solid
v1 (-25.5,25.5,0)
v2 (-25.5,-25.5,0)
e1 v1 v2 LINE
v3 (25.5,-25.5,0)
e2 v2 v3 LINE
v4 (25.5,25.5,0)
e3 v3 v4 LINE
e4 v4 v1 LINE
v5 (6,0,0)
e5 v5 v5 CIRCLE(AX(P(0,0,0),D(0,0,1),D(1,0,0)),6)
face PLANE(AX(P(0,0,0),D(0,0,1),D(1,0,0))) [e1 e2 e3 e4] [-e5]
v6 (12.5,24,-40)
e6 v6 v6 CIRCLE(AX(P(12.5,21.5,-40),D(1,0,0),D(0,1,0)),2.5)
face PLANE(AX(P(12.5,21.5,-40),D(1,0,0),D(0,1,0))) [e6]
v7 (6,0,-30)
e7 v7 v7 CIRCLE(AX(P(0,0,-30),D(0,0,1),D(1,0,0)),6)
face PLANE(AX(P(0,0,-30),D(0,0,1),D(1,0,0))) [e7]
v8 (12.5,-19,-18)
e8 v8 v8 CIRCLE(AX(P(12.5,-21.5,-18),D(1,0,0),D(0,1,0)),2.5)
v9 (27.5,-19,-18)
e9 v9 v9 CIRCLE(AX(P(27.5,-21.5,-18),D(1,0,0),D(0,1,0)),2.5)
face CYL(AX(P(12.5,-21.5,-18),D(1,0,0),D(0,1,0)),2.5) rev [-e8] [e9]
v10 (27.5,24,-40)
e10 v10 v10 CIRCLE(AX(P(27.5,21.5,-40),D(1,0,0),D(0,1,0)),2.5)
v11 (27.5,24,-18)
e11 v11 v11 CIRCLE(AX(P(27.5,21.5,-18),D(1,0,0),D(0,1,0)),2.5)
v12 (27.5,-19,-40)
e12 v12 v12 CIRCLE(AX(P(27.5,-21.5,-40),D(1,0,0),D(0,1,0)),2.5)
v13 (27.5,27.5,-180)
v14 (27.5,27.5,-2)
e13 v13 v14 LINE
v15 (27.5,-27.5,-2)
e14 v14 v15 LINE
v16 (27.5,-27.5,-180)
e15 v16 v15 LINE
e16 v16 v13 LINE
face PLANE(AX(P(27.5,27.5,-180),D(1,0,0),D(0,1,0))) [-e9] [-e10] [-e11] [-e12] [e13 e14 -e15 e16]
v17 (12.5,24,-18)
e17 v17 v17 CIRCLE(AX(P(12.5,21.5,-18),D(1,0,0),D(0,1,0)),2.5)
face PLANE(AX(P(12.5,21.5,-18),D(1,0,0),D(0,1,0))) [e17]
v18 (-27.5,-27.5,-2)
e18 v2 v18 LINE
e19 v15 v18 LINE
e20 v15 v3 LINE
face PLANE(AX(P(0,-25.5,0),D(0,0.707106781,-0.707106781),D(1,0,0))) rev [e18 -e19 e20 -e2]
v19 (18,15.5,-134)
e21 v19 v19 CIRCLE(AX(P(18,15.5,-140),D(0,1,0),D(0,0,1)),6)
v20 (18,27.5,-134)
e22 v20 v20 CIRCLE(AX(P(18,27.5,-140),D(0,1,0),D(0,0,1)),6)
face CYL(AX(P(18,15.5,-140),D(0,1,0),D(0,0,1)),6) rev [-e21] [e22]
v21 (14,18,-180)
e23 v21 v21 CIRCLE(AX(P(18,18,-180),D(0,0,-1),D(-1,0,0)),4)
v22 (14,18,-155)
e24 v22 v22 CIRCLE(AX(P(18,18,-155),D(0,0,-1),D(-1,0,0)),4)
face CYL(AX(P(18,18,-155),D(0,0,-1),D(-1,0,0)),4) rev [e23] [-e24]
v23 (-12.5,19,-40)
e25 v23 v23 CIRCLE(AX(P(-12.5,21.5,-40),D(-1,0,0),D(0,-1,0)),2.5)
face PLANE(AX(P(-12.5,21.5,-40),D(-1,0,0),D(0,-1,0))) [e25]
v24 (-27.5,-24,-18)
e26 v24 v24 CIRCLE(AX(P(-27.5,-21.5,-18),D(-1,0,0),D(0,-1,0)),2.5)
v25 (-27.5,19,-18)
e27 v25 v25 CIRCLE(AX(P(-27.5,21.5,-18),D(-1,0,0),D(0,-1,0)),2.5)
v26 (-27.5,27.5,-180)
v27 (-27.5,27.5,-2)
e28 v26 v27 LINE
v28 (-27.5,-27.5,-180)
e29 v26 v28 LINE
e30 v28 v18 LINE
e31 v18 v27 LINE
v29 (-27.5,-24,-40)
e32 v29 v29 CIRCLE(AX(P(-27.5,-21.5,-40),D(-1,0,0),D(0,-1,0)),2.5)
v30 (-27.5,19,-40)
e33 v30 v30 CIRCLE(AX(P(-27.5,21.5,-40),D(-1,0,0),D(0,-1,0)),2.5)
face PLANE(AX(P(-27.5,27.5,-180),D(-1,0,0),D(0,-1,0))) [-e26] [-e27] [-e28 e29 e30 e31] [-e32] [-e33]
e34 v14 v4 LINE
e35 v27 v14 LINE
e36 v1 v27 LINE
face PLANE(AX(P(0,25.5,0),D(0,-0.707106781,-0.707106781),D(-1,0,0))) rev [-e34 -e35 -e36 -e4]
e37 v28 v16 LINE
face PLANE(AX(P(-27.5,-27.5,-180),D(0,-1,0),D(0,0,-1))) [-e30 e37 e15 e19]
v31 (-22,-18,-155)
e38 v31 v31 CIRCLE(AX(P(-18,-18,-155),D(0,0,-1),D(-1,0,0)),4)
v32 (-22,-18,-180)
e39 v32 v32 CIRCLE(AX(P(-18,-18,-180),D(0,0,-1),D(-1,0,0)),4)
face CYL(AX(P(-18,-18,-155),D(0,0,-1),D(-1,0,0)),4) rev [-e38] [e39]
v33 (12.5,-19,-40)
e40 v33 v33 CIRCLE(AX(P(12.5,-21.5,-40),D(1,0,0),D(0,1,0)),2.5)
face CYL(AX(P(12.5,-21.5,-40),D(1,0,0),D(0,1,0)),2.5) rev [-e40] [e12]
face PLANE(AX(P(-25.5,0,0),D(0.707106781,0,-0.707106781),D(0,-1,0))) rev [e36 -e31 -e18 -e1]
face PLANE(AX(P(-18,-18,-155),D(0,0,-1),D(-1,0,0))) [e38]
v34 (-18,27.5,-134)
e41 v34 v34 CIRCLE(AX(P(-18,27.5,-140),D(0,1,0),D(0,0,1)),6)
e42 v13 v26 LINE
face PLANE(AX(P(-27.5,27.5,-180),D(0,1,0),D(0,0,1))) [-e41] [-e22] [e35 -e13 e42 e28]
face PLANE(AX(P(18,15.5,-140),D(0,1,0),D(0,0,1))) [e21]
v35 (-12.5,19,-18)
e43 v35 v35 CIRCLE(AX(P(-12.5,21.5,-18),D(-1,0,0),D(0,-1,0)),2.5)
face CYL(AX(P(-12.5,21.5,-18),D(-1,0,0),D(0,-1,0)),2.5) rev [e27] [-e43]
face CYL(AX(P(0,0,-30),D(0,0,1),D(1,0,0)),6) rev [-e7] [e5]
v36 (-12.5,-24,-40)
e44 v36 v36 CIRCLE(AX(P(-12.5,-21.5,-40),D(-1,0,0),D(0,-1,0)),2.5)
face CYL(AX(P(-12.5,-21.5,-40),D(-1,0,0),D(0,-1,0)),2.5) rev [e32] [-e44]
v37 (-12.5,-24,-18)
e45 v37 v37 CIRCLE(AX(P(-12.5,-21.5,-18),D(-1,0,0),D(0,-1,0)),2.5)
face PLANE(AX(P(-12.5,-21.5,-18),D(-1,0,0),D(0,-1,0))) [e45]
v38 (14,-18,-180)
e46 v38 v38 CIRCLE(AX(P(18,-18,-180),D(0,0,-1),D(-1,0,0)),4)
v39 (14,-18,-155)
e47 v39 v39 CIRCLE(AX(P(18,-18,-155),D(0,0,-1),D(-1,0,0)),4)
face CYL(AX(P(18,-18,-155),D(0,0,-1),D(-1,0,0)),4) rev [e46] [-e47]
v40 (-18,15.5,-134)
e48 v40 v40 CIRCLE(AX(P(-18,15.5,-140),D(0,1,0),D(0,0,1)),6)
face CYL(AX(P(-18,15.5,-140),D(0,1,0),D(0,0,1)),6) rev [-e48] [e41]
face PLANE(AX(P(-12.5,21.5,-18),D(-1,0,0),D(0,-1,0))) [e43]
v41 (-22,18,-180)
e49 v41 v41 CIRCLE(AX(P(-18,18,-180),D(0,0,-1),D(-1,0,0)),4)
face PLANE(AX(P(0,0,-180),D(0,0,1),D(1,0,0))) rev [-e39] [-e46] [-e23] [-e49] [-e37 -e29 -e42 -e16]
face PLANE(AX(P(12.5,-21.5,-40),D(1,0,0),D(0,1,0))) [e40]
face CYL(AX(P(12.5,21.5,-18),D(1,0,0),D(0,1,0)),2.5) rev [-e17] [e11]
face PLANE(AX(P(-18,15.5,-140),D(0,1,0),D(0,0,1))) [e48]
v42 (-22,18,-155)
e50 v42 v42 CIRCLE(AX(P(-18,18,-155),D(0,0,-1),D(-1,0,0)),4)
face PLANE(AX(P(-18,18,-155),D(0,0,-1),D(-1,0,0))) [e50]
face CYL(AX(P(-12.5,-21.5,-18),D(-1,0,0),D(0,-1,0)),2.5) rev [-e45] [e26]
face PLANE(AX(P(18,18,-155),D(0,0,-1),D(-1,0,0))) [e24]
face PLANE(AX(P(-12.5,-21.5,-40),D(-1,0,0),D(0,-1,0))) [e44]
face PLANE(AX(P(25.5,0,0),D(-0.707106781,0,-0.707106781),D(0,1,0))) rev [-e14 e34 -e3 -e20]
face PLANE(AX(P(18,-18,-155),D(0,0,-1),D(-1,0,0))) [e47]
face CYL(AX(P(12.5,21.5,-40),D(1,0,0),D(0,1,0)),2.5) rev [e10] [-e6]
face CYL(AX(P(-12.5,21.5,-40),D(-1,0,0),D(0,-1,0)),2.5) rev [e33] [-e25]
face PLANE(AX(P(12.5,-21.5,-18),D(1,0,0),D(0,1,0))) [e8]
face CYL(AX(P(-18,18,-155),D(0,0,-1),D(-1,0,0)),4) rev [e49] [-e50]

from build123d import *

# Parameters (mm, degrees)
CROQUIS1_W              = 55
CROQUIS1_H              = 55
SALIENTE_EXTRUIR1_DEPTH = 180
CROQUIS2_R              = 6
CORTAR_EXTRUIR1_DEPTH   = 30
CROQUIS3_R              = 4
CORTAR_EXTRUIR2_DEPTH   = 25
CROQUIS4_R              = 2.5
CORTAR_EXTRUIR3_DEPTH   = 15
CORTAR_EXTRUIR4_START   = -15
CROQUIS5_R              = 2.5
CORTAR_EXTRUIR4_DEPTH   = 15
CROQUIS6_R              = 6
CORTAR_EXTRUIR5_DEPTH   = 12
CHAFL_N1_SIZE           = 2


with BuildPart() as part:
    # Croquis1 → Saliente-Extruir1 (new body)
    with BuildSketch(Plane.XY):
        Rectangle(CROQUIS1_W, CROQUIS1_H)
    extrude(amount=-SALIENTE_EXTRUIR1_DEPTH)

    # Croquis2 → Cortar-Extruir1 (cut)
    with BuildSketch(Plane.XY):
        Circle(CROQUIS2_R)
    extrude(amount=-CORTAR_EXTRUIR1_DEPTH, mode=Mode.SUBTRACT)

    # Croquis3 → Cortar-Extruir2 (cut)
    with BuildSketch(Plane(origin=(0, 0, -180), x_dir=(-1, 0, 0), z_dir=(0, 0, -1))):
        with Locations((18, 18)):
            Circle(CROQUIS3_R)
        with Locations((-18, 18)):
            Circle(CROQUIS3_R)
        with Locations((-18, -18)):
            Circle(CROQUIS3_R)
        with Locations((18, -18)):
            Circle(CROQUIS3_R)
    extrude(amount=-CORTAR_EXTRUIR2_DEPTH, mode=Mode.SUBTRACT)

    # Croquis4 → Cortar-Extruir3 (cut)
    with BuildSketch(Plane(origin=(27.5, 0, 0), x_dir=(0, 0, -1), z_dir=(1, 0, 0))):
        with Locations(Location((18, 21.5, 0), (0, 0, 90))):
            Circle(CROQUIS4_R)
        with Locations(Location((40, 21.5, 0), (0, 0, 90))):
            Circle(CROQUIS4_R)
        with Locations(Location((40, -21.5, 0), (0, 0, 90))):
            Circle(CROQUIS4_R)
        with Locations(Location((18, -21.5, 0), (0, 0, 90))):
            Circle(CROQUIS4_R)
    extrude(amount=-CORTAR_EXTRUIR3_DEPTH, mode=Mode.SUBTRACT)

    # Croquis5 → Cortar-Extruir4 (cut)
    with BuildSketch(Plane.ZY.offset(27.5).offset(CORTAR_EXTRUIR4_START)):
        with Locations(Location((-18, 21.5, 0), (0, 0, 90))):
            Circle(CROQUIS5_R)
        with Locations(Location((-40, 21.5, 0), (0, 0, 90))):
            Circle(CROQUIS5_R)
        with Locations(Location((-40, -21.5, 0), (0, 0, 90))):
            Circle(CROQUIS5_R)
        with Locations(Location((-18, -21.5, 0), (0, 0, 90))):
            Circle(CROQUIS5_R)
    extrude(amount=CORTAR_EXTRUIR4_DEPTH, mode=Mode.SUBTRACT)

    # Croquis6 → Cortar-Extruir5 (cut)
    with BuildSketch(Plane(origin=(0, 27.5, 0), x_dir=(1, 0, 0), z_dir=(0, 1, 0))):
        with Locations(Location((-18, 140, 0), (0, 0, 270))):
            Circle(CROQUIS6_R)
        with Locations(Location((18, 140, 0), (0, 0, 270))):
            Circle(CROQUIS6_R)
    extrude(amount=-CORTAR_EXTRUIR5_DEPTH, mode=Mode.SUBTRACT)

    # Chaflán1
    chafl_n1_edges = [part.edges().sort_by_distance(p)[0] for p in [
        (0, -27.5, 0),
        (-27.5, 0, 0),
        (0, 27.5, 0),
        (27.5, 0, 0),
    ]]
    chamfer(chafl_n1_edges, length=CHAFL_N1_SIZE)


solid = part.part
